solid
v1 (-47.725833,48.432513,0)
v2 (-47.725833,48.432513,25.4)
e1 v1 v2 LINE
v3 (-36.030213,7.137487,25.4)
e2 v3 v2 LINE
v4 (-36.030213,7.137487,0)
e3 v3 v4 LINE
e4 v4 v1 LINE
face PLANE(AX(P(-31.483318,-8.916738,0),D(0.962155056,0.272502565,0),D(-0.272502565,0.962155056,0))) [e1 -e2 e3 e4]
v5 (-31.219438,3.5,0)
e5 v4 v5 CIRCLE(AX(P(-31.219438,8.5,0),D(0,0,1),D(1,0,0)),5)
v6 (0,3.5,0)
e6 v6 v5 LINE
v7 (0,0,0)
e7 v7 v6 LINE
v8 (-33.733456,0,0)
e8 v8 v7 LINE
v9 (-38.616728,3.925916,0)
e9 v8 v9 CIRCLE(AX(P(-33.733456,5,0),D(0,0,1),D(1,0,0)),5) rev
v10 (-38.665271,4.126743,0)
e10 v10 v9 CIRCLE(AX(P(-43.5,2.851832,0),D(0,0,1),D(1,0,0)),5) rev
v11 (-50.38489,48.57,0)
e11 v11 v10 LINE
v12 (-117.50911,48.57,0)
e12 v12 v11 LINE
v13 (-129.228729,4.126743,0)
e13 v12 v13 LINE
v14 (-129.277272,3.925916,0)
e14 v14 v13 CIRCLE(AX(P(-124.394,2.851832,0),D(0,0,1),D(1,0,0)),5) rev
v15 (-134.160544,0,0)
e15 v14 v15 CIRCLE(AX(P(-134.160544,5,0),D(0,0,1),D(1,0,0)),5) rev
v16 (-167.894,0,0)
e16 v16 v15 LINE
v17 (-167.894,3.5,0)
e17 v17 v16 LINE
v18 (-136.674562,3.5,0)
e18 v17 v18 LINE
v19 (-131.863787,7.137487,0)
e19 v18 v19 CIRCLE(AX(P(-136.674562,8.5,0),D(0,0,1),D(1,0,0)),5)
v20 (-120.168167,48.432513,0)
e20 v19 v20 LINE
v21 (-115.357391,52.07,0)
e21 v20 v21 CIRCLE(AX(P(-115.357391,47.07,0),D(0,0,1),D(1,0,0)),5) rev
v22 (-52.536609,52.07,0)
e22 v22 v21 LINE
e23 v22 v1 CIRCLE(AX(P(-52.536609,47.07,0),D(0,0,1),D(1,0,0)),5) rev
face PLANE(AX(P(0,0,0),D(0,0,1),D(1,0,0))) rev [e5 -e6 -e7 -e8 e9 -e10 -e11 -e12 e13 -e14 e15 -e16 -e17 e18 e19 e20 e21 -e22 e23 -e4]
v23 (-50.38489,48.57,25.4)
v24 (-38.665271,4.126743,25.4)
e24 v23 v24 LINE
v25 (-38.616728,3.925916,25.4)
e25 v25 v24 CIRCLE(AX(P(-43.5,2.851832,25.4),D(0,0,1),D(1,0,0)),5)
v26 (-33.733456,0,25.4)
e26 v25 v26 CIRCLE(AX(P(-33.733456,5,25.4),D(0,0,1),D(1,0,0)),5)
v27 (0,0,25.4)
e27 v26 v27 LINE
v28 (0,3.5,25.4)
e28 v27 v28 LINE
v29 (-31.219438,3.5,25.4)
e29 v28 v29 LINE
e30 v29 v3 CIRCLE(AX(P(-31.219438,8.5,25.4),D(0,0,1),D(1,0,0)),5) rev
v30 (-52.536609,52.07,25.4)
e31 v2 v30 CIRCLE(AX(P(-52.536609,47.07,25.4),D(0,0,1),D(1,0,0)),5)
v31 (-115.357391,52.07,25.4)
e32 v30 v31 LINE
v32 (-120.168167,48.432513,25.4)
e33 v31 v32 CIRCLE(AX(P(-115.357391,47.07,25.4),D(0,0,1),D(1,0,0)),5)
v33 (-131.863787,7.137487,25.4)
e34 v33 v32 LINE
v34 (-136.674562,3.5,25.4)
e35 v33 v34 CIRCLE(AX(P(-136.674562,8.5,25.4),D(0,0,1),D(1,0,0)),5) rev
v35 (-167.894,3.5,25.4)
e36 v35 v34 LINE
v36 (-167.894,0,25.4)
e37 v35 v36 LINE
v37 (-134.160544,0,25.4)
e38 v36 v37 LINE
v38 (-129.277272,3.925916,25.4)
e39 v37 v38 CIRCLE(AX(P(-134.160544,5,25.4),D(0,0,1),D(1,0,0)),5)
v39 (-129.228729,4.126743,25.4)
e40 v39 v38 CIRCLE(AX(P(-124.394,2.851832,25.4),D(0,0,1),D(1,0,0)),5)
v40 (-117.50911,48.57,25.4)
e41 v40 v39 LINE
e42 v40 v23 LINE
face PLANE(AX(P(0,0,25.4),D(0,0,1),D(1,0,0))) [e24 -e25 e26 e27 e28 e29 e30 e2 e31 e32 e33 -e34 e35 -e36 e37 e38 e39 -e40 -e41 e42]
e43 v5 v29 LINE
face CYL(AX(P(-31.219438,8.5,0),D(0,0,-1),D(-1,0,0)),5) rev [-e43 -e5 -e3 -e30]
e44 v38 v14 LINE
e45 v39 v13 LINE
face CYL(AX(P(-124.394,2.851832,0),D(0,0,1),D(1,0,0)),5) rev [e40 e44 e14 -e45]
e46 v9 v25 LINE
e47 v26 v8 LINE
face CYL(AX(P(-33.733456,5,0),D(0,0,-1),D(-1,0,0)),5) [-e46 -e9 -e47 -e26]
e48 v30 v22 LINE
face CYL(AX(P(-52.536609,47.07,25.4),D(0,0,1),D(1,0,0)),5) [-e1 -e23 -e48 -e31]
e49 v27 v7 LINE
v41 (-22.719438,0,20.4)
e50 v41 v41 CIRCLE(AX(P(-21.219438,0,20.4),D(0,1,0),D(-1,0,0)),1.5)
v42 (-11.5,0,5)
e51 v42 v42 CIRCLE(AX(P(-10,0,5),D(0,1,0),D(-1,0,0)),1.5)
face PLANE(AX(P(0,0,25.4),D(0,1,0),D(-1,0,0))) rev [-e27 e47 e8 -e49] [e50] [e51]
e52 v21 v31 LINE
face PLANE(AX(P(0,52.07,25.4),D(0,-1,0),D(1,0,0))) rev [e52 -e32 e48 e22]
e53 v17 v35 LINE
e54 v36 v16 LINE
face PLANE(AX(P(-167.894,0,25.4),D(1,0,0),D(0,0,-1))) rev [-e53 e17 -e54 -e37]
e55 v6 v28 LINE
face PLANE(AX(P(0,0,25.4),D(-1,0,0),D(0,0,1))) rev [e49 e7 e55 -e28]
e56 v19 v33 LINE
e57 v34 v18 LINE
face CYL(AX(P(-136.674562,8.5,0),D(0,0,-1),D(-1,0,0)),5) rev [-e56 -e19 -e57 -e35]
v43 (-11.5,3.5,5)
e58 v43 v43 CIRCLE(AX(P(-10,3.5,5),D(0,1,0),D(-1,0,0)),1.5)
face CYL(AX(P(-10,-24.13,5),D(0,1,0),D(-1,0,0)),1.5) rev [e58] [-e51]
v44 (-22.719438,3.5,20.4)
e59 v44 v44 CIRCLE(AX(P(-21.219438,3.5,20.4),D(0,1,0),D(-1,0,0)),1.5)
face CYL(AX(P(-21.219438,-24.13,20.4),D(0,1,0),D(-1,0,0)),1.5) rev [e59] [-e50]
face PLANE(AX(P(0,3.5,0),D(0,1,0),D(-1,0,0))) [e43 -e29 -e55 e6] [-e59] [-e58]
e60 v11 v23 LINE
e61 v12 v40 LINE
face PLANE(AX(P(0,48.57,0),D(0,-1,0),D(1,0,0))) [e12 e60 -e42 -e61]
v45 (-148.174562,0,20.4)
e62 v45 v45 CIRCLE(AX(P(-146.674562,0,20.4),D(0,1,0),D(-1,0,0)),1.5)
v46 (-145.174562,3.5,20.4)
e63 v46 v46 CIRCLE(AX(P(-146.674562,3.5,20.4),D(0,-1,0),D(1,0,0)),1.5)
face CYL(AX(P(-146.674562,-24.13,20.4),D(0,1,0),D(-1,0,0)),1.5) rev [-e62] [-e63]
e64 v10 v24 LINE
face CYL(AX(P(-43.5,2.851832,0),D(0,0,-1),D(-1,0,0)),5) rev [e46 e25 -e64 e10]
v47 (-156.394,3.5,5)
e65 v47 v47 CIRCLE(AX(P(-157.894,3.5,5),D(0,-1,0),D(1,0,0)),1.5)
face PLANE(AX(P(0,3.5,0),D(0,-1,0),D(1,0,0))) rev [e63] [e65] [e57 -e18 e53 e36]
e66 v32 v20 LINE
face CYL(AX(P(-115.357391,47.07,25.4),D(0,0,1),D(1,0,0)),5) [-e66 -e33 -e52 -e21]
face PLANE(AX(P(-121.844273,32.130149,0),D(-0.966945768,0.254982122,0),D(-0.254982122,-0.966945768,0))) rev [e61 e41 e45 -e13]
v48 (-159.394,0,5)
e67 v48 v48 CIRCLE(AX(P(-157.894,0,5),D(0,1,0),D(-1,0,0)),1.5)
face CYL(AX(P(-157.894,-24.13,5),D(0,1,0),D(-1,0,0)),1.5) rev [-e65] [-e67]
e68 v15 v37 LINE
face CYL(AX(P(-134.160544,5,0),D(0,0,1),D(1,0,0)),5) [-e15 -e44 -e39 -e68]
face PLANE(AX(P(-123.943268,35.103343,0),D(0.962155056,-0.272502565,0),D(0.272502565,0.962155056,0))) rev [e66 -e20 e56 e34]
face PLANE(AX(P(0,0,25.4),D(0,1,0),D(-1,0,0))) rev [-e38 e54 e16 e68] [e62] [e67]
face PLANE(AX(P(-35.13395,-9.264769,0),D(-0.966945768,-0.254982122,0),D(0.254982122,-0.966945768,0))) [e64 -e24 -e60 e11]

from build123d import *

# Parameters (mm, degrees)
CROQUIS1_W              = 167.894
CROQUIS1_H              = 52.07
SALIENTE_EXTRUIR1_DEPTH = 25.4
CROQUIS2_W              = 35
CROQUIS2_H              = 48.57
CORTAR_EXTRUIR1_DEPTH   = 25.4
CORTAR_EXTRUIR2_DEPTH   = 25.4
REDONDEO1_R             = 5
REDONDEO2_R             = 5
REDONDEO6_R             = 5
REDONDEO7_R             = 5
REDONDEO11_R            = 5
REDONDEO12_R            = 5
REDONDEO13_R            = 5
CROQUIS4_R              = 1.5
CORTAR_EXTRUIR3_DEPTH   = 76.2


with BuildPart() as part:
    # Croquis1 → Saliente-Extruir1 (new body)
    with BuildSketch(Plane.XY):
        with Locations((-83.947, 26.035)):
            Rectangle(CROQUIS1_W, CROQUIS1_H)
    extrude(amount=SALIENTE_EXTRUIR1_DEPTH)

    # Croquis2 → Cortar-Extruir1 (cut)
    with BuildSketch(Plane.XY.offset(25.4)):
        Polygon((-119.137953593, 52.07), (-132.894, 52.07), (-132.894, 3.5), (-120.129227268, 48.57), align=None)
        with Locations((-150.394, 27.785)):
            Rectangle(CROQUIS2_W, CROQUIS2_H)
        with Locations((-17.5, 27.785)):
            Rectangle(CROQUIS2_W, CROQUIS2_H)
        Polygon((-35, 52.07), (-48.756046407, 52.07), (-47.764772732, 48.57), (-35, 3.5), align=None)
    extrude(amount=-CORTAR_EXTRUIR1_DEPTH, mode=Mode.SUBTRACT)

    # Croquis3 → Cortar-Extruir2 (cut)
    with BuildSketch(Plane.XY.offset(25.4)):
        Polygon((-117.509109836, 48.57), (-50.384890164, 48.57), (-38.5, 3.5), (-38.5, 0), (-129.394, 0), (-129.394, 3.5), align=None)
    extrude(amount=-CORTAR_EXTRUIR2_DEPTH, mode=Mode.SUBTRACT)

    # Redondeo1
    redondeo1_edges = [part.edges().sort_by_distance(p)[0] for p in [
        (-48.756046407, 52.07, 12.7),
    ]]
    fillet(redondeo1_edges, radius=REDONDEO1_R)

    # Redondeo2
    redondeo2_edges = [part.edges().sort_by_distance(p)[0] for p in [
        (-119.137953593, 52.07, 12.7),
    ]]
    fillet(redondeo2_edges, radius=REDONDEO2_R)

    # Redondeo6
    redondeo6_edges = [part.edges().sort_by_distance(p)[0] for p in [
        (-38.5, 3.5, 12.7),
    ]]
    fillet(redondeo6_edges, radius=REDONDEO6_R)

    # Redondeo7
    redondeo7_edges = [part.edges().sort_by_distance(p)[0] for p in [
        (-129.394, 3.5, 12.7),
    ]]
    fillet(redondeo7_edges, radius=REDONDEO7_R)

    # Redondeo11
    redondeo11_edges = [part.edges().sort_by_distance(p)[0] for p in [
        (-129.394, 0, 12.7),
    ]]
    fillet(redondeo11_edges, radius=REDONDEO11_R)

    # Redondeo12
    redondeo12_edges = [part.edges().sort_by_distance(p)[0] for p in [
        (-38.5, 0, 12.7),
    ]]
    fillet(redondeo12_edges, radius=REDONDEO12_R)

    # Redondeo13
    redondeo13_edges = [part.edges().sort_by_distance(p)[0] for p in [
        (-132.894, 3.5, 12.7),
        (-35, 3.5, 12.7),
    ]]
    fillet(redondeo13_edges, radius=REDONDEO13_R)

    # Croquis4 → Cortar-Extruir3 (cut)
    with BuildSketch(Plane(origin=(0, 52.07, 0), x_dir=(1, 0, 0), z_dir=(0, 1, 0))):
        with Locations((-157.894, -5)):
            Circle(CROQUIS4_R)
        with Locations((-146.674562343, -20.4)):
            Circle(CROQUIS4_R)
        with Locations((-21.219437657, -20.4)):
            Circle(CROQUIS4_R)
        with Locations((-10, -5)):
            Circle(CROQUIS4_R)
    extrude(amount=-CORTAR_EXTRUIR3_DEPTH, mode=Mode.SUBTRACT)


solid = part.part
